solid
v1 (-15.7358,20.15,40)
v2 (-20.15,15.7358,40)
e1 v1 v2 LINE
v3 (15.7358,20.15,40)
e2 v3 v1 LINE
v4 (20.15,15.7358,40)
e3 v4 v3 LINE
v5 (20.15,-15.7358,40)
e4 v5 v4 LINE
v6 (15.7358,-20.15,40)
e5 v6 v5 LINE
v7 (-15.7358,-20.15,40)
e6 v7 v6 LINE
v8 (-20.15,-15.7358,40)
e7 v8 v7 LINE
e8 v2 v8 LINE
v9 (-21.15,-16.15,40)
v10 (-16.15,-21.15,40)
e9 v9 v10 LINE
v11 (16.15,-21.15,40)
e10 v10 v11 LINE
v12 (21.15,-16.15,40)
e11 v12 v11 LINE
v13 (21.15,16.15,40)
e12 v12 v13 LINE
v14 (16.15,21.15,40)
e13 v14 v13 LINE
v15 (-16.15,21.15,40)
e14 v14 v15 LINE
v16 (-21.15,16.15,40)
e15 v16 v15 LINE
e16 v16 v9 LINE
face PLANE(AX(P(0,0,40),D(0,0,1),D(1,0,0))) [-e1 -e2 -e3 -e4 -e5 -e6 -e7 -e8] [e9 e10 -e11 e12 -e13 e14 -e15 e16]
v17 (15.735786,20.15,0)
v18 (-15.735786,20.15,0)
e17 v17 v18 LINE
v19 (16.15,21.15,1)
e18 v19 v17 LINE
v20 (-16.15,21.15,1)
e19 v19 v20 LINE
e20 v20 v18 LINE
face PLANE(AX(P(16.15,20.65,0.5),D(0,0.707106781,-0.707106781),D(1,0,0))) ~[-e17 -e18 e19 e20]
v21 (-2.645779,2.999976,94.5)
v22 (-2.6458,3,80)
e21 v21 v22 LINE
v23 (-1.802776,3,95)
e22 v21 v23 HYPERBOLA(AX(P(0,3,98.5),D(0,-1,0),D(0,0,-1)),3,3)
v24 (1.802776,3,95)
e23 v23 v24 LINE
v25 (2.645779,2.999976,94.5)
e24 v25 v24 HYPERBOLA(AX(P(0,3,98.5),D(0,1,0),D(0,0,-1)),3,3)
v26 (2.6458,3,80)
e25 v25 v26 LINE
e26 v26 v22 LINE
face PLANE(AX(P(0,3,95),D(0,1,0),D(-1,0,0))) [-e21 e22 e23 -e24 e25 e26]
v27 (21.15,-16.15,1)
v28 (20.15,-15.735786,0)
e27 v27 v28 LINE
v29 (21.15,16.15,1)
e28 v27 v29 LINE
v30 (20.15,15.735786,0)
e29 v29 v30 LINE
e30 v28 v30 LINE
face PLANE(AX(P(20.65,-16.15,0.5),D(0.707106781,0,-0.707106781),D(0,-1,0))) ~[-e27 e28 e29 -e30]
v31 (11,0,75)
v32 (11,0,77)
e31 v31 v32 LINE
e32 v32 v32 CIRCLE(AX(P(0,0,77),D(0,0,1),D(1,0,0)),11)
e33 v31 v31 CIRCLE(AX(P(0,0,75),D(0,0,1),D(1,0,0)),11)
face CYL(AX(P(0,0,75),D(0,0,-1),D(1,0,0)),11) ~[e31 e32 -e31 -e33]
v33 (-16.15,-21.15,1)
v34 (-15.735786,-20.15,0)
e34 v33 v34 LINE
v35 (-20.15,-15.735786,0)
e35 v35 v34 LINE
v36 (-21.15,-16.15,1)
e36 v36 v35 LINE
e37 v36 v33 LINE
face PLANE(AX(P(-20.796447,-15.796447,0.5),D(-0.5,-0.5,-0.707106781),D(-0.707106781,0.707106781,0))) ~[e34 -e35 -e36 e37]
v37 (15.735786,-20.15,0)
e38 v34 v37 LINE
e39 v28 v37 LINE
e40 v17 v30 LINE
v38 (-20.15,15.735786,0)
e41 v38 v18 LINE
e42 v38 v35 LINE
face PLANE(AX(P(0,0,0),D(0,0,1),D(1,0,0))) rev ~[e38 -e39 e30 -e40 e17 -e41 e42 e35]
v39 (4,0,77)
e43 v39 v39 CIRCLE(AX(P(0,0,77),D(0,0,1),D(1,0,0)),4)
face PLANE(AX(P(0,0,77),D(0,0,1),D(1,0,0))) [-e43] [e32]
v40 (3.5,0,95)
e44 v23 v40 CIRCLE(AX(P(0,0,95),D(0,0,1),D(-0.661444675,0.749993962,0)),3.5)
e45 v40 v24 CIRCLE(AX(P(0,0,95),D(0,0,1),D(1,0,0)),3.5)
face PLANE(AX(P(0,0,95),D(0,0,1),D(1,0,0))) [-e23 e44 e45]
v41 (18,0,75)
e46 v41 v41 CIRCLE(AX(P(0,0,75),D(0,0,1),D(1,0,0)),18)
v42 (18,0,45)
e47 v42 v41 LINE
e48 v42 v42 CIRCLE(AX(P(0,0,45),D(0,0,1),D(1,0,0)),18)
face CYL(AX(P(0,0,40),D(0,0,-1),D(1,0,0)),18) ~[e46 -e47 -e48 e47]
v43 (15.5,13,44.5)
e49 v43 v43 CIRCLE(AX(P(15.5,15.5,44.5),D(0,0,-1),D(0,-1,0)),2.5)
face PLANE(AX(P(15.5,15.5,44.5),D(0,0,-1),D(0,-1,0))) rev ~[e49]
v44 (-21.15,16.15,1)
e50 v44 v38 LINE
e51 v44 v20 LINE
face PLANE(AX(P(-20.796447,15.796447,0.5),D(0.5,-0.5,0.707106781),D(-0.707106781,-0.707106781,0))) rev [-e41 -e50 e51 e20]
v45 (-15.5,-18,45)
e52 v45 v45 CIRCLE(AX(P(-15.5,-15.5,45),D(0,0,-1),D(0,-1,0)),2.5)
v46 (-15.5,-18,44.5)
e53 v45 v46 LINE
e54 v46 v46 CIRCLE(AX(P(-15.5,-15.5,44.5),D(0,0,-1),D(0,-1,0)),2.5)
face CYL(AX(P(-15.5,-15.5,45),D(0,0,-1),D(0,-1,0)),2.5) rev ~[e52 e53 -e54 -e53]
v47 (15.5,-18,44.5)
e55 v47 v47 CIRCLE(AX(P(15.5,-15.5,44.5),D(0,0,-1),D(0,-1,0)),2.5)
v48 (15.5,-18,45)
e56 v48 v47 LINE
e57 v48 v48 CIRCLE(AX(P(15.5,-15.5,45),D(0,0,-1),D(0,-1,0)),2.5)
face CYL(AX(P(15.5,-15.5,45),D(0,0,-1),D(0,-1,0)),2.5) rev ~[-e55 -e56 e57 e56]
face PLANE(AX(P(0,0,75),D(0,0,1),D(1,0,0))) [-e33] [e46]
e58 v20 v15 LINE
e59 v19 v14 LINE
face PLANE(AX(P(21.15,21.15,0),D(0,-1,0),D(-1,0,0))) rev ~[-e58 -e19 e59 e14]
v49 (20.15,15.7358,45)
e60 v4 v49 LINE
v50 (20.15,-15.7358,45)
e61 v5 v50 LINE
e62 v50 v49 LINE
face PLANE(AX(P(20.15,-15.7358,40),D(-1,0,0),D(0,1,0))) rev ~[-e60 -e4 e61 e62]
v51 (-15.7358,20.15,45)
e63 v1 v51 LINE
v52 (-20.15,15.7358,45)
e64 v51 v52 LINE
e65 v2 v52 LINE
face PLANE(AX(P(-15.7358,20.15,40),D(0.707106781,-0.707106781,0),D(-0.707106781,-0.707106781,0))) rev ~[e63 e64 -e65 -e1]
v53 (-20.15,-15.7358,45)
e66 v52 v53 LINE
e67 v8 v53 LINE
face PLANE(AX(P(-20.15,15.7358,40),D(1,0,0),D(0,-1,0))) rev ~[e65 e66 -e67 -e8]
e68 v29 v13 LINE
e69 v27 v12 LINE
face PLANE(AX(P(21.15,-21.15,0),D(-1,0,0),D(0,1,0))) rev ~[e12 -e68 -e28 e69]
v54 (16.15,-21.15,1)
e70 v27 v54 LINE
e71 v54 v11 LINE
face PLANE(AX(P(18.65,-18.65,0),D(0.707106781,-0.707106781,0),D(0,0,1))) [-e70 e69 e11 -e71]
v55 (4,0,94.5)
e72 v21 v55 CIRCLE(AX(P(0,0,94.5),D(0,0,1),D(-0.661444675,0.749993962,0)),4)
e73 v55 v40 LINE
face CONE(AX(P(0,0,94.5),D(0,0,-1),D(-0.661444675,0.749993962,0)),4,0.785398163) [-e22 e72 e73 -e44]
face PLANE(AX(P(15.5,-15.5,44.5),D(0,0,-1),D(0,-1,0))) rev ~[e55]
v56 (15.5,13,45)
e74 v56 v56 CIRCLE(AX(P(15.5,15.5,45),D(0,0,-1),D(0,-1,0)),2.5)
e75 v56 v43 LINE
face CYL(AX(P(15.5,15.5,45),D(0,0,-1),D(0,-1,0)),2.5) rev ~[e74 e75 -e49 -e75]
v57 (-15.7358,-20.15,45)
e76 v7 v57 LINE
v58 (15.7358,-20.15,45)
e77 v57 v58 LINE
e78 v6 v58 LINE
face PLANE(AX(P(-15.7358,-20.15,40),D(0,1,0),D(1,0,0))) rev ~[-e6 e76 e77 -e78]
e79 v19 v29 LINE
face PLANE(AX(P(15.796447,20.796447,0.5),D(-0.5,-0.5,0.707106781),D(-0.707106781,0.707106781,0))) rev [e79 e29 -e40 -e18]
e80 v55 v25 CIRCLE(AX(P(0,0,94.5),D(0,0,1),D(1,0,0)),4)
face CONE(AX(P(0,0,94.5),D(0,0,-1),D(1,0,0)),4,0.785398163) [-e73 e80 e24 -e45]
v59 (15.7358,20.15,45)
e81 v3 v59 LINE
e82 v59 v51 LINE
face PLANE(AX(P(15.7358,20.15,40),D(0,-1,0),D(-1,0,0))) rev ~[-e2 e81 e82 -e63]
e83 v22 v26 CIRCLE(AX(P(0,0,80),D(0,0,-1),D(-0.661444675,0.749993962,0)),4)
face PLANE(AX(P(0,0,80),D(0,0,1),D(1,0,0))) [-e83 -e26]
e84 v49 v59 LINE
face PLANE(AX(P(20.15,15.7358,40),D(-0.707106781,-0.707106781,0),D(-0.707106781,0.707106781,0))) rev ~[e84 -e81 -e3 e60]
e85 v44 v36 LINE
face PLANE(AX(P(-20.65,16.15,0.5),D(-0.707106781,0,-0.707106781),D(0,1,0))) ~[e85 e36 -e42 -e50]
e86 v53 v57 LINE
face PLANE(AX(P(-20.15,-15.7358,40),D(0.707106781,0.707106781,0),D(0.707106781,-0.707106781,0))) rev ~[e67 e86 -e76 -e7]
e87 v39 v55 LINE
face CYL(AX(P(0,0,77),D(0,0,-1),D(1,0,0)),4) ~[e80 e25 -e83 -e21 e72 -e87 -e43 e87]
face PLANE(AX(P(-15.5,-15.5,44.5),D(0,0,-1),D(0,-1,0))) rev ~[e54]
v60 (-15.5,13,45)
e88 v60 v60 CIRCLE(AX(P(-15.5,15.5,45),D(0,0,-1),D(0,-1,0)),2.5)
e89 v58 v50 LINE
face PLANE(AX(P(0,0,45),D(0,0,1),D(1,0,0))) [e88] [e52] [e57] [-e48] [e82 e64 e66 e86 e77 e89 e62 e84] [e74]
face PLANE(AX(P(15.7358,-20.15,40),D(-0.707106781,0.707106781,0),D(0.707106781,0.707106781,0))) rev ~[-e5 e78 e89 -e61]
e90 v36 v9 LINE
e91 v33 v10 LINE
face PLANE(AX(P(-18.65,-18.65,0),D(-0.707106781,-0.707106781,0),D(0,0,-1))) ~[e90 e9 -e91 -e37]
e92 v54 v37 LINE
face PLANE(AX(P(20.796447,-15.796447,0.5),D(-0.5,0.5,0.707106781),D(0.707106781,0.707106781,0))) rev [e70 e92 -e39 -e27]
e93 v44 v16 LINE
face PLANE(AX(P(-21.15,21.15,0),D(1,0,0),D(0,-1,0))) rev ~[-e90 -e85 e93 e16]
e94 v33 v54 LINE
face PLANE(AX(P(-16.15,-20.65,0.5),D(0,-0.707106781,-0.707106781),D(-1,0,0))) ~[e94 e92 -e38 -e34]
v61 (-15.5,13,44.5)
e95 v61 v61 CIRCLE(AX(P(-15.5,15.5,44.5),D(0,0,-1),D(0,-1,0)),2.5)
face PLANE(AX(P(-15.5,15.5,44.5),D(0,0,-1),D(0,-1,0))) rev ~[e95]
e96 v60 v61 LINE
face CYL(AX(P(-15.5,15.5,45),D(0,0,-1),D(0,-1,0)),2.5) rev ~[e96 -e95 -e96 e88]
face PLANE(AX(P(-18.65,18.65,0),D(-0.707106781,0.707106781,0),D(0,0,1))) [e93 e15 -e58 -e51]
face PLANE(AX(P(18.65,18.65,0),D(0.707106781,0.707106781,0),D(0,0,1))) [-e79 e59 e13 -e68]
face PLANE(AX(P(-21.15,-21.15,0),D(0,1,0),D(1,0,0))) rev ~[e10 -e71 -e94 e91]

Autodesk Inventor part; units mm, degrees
ref_plane "YZ Plane" through (0, 0, 0) normal (1, 0, 0) x (0, 1, 0)
ref_plane "XZ Plane" through (0, 0, 0) normal (0, 1, 0) x (-1, 0, 0)
ref_plane "XY Plane" through (0, 0, 0) normal (0, 0, 1) x (1, 0, 0)
sketch "Sketch1" plane through (0, 0, 0) normal (0, 0, 1) x (1, 0, 0)
  line L0 (-21.15, -21.15) -> (21.15, -21.15)
  line L1 (21.15, -21.15) -> (21.15, 21.15)
  line L2 (21.15, 21.15) -> (-21.15, 21.15)
  line L3 (-21.15, 21.15) -> (-21.15, -21.15)
  line L4 (-21.15, -21.15) -> (21.15, 21.15) construction
  line L5 (21.15, -21.15) -> (-21.15, 21.15) construction
  point P0 (0, 0)
  dimension "d0" = 42.3
  dimension "d1" = 42.3
extrude "Extrusion1" add sketch "Sketch1" along normal blind 40
chamfer "Chamfer1" distance 5 angle 45 4 edges at (21.15, -21.15, 20) (-21.15, -21.15, 20) (21.15, 21.15, 20) (-21.15, 21.15, 20)
sketch "Sketch2" plane through (0, 0, 40) normal (0, 0, 1) x (1, 0, 0)
  circle A0 centre (0, 0) radius 18
  dimension "d7" = 36
extrude "Extrusion2" add sketch "Sketch2" along normal blind 35
sketch "Sketch3" plane through (0, 0, 40) normal (0, 0, 1) x (1, 0, 0)
  circle A0 centre (0, 0) radius 18 projected
  line L0 (-21.15, 16.15) -> (-16.15, 21.15) projected
  line L1 (-21.15, 16.15) -> (-21.15, -16.15) projected
  line L2 (-16.15, -21.15) -> (-21.15, -16.15) projected
  line L3 (-16.15, -21.15) -> (16.15, -21.15) projected
  line L4 (21.15, -16.15) -> (16.15, -21.15) projected
  line L5 (21.15, -16.15) -> (21.15, 16.15) projected
  line L6 (16.15, 21.15) -> (21.15, 16.15) projected
  line L7 (16.15, 21.15) -> (-16.15, 21.15) projected
  line L8 (-15.7358, 20.15) -> (-20.15, 15.7358)
  line L9 (-20.15, 15.7358) -> (-20.15, -15.7358)
  line L10 (-20.15, -15.7358) -> (-15.7358, -20.15)
  line L11 (-15.7358, -20.15) -> (15.7358, -20.15)
  line L12 (15.7358, -20.15) -> (20.15, -15.7358)
  line L13 (20.15, -15.7358) -> (20.15, 15.7358)
  line L14 (20.15, 15.7358) -> (15.7358, 20.15)
  line L15 (15.7358, 20.15) -> (-15.7358, 20.15)
  dimension "d10" = 1
extrude "Extrusion3" add sketch "Sketch3" along normal blind 5 contours L15 L14 L13 L12 L11 L10 L9 L8
sketch "Sketch4" plane through (0, 0, 45) normal (0, 0, 1) x (1, 0, 0)
  line L0 (-15.5, -15.5) -> (15.5, -15.5) construction
  line L1 (15.5, -15.5) -> (15.5, 15.5) construction
  line L2 (15.5, 15.5) -> (-15.5, 15.5) construction
  line L3 (-15.5, 15.5) -> (-15.5, -15.5) construction
  line L4 (-15.5, -15.5) -> (15.5, 15.5) construction
  line L5 (15.5, -15.5) -> (-15.5, 15.5) construction
  point P0 (0, 0)
  dimension "d13" = 31
  dimension "d14" = 31
hole "Hole1" at (-15.5, 15.5, 45) at (15.5, 15.5, 45) at (-15.5, -15.5, 45) at (15.5, -15.5, 45) direction (0, 0, -1) diameter 5 depth 0.5
sketch "Sketch5" plane through (0, 0, 75) normal (0, 0, 1) x (1, 0, 0)
  circle A0 centre (0, 0) radius 11
  dimension "d22" = 22
extrude "Extrusion4" add sketch "Sketch5" along normal blind 2
sketch "Sketch6" plane through (0, 0, 77) normal (0, 0, 1) x (1, 0, 0)
  circle A0 centre (0, 0) radius 4
  dimension "d25" = 8
extrude "Extrusion5" add sketch "Sketch6" along normal blind 18
sketch "Sketch7" plane through (0, 0, 95) normal (0, 0, 1) x (1, 0, 0)
  line L0 (-2.6458, 4) -> (2.6458, 4)
  line L1 (2.6458, 4) -> (2.6458, 3)
  line L2 (2.6458, 3) -> (-2.6458, 3)
  line L3 (-2.6458, 3) -> (-2.6458, 4)
  circle A0 centre (0, 0) radius 4 projected
  line L4 (0, 0) -> (0, 4)
  circle A1 centre (0, 0) radius 4 projected
  point P0 (0, 3)
  dimension "d28" = 7
extrude "Extrusion6" cut sketch "Sketch7" against normal blind 15 contours L0 A0 L3 | L0 L1 A0 | L4 L2 A0 | A0 L2 L4
chamfer "Chamfer2" distance 0.5 angle 45 2 edges at (3.6458, 1.6458, 95) (-1.6458, -3.6458, 95)
chamfer "Chamfer3" distance 1 angle 45 8 edges at (0, 21.15, 0) (18.65, 18.65, 0) (21.15, 0, 0) (-21.15, 0, 0) (-18.65, 18.65, 0) (18.65, -18.65, 0) (0, -21.15, 0) (-18.65, -18.65, 0)
properties part number "motor con reductora"
